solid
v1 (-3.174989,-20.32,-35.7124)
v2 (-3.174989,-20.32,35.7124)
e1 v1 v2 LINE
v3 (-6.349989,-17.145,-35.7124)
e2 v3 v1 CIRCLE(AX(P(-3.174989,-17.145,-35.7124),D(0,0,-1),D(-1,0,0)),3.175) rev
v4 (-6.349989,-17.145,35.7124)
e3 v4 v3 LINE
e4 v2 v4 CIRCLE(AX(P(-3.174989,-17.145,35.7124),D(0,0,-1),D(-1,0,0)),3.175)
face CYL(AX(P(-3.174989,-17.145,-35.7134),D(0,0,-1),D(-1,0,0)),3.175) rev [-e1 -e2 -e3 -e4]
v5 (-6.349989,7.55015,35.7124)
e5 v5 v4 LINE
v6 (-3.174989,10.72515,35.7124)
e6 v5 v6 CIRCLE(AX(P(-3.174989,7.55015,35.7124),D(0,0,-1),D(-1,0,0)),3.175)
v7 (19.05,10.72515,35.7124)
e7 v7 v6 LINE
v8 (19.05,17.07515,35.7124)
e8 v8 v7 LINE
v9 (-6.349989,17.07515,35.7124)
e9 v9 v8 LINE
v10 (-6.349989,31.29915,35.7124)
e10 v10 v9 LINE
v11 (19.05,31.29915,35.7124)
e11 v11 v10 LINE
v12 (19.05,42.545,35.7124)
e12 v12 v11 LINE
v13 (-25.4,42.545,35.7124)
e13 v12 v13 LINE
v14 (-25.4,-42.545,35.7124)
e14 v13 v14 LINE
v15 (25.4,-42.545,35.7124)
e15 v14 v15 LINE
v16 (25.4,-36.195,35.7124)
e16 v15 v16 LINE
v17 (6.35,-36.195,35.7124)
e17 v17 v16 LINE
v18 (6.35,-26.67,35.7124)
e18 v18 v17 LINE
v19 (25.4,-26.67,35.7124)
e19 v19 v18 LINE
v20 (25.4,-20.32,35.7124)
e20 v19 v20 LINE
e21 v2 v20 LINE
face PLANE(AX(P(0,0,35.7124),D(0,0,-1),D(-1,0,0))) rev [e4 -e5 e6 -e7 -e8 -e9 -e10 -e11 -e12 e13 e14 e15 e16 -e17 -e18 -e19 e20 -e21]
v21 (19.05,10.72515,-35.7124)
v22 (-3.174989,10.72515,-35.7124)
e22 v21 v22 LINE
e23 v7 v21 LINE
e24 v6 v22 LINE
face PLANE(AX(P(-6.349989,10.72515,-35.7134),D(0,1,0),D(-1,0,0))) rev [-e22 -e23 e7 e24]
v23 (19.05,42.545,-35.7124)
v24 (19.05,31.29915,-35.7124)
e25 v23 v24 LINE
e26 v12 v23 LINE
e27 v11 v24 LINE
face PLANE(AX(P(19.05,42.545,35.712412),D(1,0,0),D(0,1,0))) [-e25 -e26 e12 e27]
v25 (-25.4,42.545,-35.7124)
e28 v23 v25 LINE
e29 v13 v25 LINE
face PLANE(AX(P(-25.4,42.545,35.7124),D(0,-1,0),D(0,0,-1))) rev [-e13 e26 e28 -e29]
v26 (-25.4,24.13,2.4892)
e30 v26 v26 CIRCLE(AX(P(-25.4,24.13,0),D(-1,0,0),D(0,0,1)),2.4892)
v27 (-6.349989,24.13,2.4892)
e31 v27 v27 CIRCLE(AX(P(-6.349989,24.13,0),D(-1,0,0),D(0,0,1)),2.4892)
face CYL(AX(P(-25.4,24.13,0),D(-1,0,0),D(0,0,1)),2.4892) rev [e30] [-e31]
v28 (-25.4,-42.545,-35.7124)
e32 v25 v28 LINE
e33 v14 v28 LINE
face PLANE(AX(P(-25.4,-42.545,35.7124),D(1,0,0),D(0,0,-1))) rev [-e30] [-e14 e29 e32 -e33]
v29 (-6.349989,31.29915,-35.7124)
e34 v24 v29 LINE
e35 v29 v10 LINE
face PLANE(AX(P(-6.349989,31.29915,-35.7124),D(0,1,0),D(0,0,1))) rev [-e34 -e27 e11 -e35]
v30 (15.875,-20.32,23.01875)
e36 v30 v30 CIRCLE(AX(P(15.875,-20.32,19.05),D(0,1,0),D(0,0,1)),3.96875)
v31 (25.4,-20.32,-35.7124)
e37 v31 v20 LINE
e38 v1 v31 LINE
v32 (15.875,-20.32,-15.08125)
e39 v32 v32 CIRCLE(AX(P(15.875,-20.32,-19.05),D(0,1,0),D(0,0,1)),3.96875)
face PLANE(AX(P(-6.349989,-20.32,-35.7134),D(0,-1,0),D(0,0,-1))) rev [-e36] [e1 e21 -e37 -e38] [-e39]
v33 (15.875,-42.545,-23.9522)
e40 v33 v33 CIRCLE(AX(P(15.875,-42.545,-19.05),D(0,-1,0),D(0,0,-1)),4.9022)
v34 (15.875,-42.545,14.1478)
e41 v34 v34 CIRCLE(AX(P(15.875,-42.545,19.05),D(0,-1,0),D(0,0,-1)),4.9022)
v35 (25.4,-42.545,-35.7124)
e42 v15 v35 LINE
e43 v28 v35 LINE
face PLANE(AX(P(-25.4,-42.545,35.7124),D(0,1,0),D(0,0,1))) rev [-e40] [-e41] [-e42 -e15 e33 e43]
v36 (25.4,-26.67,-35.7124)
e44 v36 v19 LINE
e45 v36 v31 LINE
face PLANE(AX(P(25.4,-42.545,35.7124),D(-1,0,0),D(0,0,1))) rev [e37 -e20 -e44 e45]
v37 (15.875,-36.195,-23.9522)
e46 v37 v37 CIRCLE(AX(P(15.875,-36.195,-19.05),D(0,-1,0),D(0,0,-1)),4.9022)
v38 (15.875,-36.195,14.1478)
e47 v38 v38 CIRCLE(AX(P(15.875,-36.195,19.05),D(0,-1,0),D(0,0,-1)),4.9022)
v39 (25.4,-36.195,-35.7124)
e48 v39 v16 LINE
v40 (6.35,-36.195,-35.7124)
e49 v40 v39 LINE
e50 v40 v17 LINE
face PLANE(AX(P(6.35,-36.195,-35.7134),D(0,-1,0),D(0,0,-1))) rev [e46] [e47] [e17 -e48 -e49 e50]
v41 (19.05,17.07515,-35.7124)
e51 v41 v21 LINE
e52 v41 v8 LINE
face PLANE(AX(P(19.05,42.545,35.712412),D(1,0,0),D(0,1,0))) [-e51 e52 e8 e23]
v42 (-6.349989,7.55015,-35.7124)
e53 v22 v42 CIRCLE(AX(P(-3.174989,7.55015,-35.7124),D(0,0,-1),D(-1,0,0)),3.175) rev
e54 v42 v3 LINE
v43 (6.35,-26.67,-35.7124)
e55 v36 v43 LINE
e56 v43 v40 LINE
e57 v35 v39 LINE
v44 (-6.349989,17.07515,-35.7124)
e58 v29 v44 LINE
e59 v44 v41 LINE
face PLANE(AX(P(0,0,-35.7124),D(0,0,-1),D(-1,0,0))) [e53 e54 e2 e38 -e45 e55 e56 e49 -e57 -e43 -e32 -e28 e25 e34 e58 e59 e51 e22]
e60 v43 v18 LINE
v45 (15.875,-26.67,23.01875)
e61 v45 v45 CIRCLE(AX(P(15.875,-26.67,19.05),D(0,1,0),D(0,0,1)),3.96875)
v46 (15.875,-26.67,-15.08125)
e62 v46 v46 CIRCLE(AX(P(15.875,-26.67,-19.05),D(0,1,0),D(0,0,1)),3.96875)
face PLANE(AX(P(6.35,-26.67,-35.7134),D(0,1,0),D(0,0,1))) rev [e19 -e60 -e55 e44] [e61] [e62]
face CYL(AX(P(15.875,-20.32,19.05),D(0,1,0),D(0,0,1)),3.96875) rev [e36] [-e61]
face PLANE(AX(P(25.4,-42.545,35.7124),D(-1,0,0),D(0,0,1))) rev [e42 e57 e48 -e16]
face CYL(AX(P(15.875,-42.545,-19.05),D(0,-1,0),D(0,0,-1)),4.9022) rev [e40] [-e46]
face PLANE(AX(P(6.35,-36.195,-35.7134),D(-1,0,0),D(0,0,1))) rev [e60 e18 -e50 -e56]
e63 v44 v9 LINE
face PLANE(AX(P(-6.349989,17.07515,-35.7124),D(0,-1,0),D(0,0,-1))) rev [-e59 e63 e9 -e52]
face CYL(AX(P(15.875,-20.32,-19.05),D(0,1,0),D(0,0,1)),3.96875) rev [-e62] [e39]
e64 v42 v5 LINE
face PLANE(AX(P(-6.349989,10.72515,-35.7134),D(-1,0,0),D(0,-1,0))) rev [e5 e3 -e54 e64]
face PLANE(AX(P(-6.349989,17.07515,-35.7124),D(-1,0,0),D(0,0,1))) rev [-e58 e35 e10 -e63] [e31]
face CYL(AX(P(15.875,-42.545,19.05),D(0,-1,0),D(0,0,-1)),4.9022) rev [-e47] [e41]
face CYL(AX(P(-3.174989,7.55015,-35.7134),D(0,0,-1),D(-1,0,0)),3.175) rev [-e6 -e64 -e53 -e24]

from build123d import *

# Parameters (mm, degrees)
SKETCH1_W                   = 50.8
SKETCH1_H                   = 85.09
BOSS_EXTRUDE1_DEPTH         = 35.7124
CUT_EXTRUDE1_REACH          = 88.93
SKETCH2_W                   = 31.749988824
SKETCH2_H                   = 31.04515
SKETCH4_W                   = 31.749988824
SKETCH4_H                   = 14.224
CUT_EXTRUDE2_DEPTH          = 87.929506383
CUT_EXTRUDE3_REACH          = 88.93
SKETCH5_W                   = 19.05
SKETCH5_H                   = 9.525
CUT_EXTRUDE4_START          = -71.4248
SKETCH6_W                   = 6.35
SKETCH6_H                   = 31.81985
CUT_EXTRUDE4_DEPTH          = 71.4248
F_10_CLEARANCE_HOLE1_D      = 4.9784
F_3_8_CLEARANCE_HOLE1_D     = 9.8044
F_3_8_CLEARANCE_HOLE1_DEPTH = 6.35
F_3_8_16_TAPPED_HOLE1_D     = 7.9375
F_3_8_16_TAPPED_HOLE1_DEPTH = 6.35
FILLET1_R                   = 3.175


with BuildPart() as part:
    # Sketch1 → Boss-Extrude1 (new, symmetric)
    with BuildSketch(Plane.XY):
        Rectangle(SKETCH1_W, SKETCH1_H)
    extrude(amount=BOSS_EXTRUDE1_DEPTH, both=True)

    # Sketch2 → Cut-Extrude1 (cut, up to next)
    with BuildSketch(Plane.XY.offset(35.7124), mode=Mode.PRIVATE) as cut_extrude1_sk1:
        with Locations((9.525005588, -4.797425)):
            Rectangle(SKETCH2_W, SKETCH2_H)
    cut_extrude1_tool1 = extrude(cut_extrude1_sk1.sketch, amount=-CUT_EXTRUDE1_REACH, mode=Mode.PRIVATE) & part.part
    add(cut_extrude1_tool1.solids().sort_by_distance((9.525006, -4.797425, 35.7124))[0], mode=Mode.SUBTRACT)

    # Sketch4 → Cut-Extrude2 (cut, through all)
    with BuildSketch(Plane.XY.offset(35.7124)):
        with Locations((9.525005588, 24.18715)):
            Rectangle(SKETCH4_W, SKETCH4_H)
    extrude(amount=-CUT_EXTRUDE2_DEPTH, mode=Mode.SUBTRACT)

    # Sketch5 → Cut-Extrude3 (cut, up to next)
    with BuildSketch(Plane.XY.offset(35.7124), mode=Mode.PRIVATE) as cut_extrude3_sk1:
        with Locations((15.875, -31.4325)):
            Rectangle(SKETCH5_W, SKETCH5_H)
    cut_extrude3_tool1 = extrude(cut_extrude3_sk1.sketch, amount=-CUT_EXTRUDE3_REACH, mode=Mode.PRIVATE) & part.part
    add(cut_extrude3_tool1.solids().sort_by_distance((15.875, -31.4325, 35.7124))[0], mode=Mode.SUBTRACT)

    # Sketch6 → Cut-Extrude4 (cut)
    with BuildSketch(Plane.XY.offset(35.7124).offset(CUT_EXTRUDE4_START)):
        with Locations((22.225, 26.635075)):
            Rectangle(SKETCH6_W, SKETCH6_H)
    extrude(amount=CUT_EXTRUDE4_DEPTH, mode=Mode.SUBTRACT)

    # #10 Clearance Hole1 (through all)
    with Locations(Plane.ZY.offset(25.4)):
        with Locations((0, 24.13)):
            Hole(F_10_CLEARANCE_HOLE1_D / 2)

    # 3/8 Clearance Hole1
    with Locations(Plane(origin=(0, -42.545, 0), x_dir=(-1, 0, 0), z_dir=(0, -1, 0))):
        with Locations((-15.875, -19.05), (-15.875, 19.05)):
            Hole(F_3_8_CLEARANCE_HOLE1_D / 2, depth=F_3_8_CLEARANCE_HOLE1_DEPTH)

    # 3/8-16 Tapped Hole1
    with Locations(Plane(origin=(0, -20.32, 0), x_dir=(1, 0, 0), z_dir=(0, 1, 0))):
        with Locations((15.875, -19.05), (15.875, 19.05)):
            Hole(F_3_8_16_TAPPED_HOLE1_D / 2, depth=F_3_8_16_TAPPED_HOLE1_DEPTH)

    # Fillet1
    fillet1_edges = [part.edges().sort_by_distance(p)[0] for p in [
        (-6.349988824, -20.32, 0),
        (-6.349988824, 10.72515, 0),
    ]]
    fillet(fillet1_edges, radius=FILLET1_R)


solid = part.part
